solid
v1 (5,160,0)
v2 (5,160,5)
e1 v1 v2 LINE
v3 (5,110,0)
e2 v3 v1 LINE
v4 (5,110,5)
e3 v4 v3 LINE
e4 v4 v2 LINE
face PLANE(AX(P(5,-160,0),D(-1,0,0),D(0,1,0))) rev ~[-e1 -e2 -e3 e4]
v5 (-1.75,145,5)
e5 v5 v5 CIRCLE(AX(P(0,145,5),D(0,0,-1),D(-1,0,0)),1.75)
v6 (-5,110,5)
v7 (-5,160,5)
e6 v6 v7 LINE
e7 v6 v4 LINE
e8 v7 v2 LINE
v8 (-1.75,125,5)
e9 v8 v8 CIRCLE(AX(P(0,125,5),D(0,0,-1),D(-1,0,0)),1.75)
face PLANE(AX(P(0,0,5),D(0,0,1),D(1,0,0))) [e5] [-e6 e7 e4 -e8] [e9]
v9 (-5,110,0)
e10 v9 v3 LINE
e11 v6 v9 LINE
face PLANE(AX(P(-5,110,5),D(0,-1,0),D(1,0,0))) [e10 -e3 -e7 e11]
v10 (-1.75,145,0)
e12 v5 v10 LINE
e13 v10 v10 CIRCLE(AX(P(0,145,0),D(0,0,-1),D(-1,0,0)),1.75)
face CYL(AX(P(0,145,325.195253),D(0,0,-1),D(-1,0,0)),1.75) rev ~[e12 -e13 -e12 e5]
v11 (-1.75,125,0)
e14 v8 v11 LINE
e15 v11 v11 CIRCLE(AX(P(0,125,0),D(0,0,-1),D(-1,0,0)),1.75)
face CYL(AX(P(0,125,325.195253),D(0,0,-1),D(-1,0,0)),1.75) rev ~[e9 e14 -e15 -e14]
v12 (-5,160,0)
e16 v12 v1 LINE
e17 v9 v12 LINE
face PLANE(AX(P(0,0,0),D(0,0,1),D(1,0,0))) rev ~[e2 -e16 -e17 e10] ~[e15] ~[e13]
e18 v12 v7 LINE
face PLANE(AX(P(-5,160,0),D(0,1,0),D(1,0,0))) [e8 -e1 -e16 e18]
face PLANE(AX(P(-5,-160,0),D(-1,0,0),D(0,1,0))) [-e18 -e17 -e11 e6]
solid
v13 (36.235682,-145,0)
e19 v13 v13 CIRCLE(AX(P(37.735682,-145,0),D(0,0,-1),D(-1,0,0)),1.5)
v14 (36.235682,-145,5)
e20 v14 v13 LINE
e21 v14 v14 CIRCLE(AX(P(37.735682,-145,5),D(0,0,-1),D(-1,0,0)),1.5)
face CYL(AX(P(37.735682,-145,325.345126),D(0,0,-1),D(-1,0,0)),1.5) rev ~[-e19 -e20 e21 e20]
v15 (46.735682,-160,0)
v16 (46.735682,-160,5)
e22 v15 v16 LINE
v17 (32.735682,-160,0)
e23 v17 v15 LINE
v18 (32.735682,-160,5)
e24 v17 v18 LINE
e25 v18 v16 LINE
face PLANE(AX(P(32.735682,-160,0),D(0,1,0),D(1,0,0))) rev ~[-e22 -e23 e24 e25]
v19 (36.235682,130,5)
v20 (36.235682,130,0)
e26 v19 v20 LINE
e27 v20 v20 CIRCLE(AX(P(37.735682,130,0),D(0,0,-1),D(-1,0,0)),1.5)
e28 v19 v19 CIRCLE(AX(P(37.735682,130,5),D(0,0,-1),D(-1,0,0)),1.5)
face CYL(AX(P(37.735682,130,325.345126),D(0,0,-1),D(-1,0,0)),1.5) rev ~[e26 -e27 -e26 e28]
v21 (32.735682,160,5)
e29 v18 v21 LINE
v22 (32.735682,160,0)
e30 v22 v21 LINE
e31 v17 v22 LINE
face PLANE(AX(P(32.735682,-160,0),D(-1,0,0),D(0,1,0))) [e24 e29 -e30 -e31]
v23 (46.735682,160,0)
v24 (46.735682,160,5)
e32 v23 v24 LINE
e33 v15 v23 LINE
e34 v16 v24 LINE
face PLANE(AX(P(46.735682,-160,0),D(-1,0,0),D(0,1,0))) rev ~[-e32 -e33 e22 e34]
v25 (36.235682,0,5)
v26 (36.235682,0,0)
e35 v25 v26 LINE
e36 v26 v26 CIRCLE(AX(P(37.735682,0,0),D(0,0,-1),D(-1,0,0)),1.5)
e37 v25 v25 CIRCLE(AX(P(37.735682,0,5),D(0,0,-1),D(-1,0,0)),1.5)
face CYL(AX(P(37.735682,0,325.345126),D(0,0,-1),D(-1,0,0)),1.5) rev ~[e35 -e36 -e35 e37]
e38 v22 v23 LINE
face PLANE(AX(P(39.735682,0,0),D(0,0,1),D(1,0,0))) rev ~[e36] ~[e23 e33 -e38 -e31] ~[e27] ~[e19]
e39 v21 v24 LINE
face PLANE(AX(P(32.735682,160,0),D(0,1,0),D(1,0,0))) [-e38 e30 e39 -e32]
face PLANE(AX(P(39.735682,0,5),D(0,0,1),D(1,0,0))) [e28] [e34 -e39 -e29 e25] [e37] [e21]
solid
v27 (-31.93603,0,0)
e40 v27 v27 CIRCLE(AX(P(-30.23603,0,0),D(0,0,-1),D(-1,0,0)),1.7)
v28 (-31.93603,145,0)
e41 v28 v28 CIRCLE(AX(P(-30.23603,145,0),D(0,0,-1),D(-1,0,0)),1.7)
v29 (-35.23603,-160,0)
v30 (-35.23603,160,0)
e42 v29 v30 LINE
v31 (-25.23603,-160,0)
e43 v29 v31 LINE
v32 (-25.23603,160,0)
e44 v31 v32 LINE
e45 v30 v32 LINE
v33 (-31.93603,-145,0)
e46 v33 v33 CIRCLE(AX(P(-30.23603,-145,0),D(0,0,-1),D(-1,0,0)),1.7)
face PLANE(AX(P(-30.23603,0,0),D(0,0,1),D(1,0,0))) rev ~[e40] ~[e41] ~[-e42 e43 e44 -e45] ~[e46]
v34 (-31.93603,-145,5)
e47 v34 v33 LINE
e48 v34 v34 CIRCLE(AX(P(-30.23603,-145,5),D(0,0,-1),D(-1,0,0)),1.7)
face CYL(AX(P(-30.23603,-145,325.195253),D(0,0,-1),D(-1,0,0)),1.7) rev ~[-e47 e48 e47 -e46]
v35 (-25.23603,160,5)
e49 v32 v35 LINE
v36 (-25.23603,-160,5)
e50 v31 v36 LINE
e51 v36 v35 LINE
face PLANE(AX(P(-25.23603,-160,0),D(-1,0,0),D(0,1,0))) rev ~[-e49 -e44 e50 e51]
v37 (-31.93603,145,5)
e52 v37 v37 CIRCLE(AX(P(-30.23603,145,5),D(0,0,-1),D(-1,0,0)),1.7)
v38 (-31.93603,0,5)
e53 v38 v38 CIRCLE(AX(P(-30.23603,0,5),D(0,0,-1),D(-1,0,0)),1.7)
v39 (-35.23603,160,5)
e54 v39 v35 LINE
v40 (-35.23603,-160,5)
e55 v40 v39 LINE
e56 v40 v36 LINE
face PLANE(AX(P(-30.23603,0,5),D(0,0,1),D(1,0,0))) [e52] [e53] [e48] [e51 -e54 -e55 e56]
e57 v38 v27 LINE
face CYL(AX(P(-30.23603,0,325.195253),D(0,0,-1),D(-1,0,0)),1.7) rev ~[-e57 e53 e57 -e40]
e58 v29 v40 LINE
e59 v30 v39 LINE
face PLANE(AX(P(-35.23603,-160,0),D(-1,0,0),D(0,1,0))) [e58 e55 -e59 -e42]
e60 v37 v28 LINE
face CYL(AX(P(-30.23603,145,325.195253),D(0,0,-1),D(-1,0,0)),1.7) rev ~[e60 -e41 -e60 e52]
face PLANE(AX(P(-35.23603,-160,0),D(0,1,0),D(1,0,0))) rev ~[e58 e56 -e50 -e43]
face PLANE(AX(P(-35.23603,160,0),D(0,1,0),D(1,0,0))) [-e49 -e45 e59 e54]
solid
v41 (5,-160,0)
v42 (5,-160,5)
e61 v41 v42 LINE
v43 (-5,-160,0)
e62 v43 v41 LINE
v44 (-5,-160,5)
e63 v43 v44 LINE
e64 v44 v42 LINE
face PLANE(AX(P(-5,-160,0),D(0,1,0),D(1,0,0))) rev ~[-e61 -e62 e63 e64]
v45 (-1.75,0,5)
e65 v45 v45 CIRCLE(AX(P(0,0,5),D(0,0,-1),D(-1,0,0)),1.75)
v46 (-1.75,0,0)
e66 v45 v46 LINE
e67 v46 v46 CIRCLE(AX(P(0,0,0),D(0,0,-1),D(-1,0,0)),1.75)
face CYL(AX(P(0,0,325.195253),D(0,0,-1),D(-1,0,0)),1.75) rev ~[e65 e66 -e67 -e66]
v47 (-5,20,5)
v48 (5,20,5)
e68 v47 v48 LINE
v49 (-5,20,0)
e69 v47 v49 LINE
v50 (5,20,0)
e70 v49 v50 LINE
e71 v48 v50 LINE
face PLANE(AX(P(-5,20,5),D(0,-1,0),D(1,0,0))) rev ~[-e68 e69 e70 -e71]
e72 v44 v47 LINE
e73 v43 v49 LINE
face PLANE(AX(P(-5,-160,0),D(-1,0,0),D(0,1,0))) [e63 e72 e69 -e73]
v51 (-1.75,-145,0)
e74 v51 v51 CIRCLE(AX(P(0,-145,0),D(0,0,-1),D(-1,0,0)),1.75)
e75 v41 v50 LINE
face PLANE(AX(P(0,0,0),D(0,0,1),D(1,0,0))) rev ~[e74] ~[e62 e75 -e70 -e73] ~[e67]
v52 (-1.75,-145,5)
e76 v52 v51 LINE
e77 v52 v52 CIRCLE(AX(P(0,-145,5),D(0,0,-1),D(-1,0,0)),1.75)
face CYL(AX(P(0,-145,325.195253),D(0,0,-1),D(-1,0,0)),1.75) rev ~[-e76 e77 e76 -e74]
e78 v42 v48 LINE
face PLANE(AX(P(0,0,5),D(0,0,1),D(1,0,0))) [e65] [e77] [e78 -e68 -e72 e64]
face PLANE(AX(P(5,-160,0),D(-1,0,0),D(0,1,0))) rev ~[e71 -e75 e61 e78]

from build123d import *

# Parameters (mm, degrees)
F0_W      = 10
F0_H      = 320
F1_DEPTH  = 5
F3_D      = 3.5
F4_W      = 14
F4_H      = 320
F5_DEPTH  = 5
F7_D      = 3
F8_W      = 10
F8_H      = 90
F9_DEPTH  = 25
F10_W     = 10
F10_H     = 320
F11_DEPTH = 5
F13_D     = 3.4


with BuildPart() as f1:
    # F0 (on Top) → F1 (new body)
    with BuildSketch(Plane.XY):
        Rectangle(F0_W, F0_H)
    extrude(amount=F1_DEPTH)

    # F3 (through all)
    with Locations(Plane.XY.offset(5)):
        with Locations((0, 145), (0, 0), (0, -145), (0, 125)):
            Hole(F3_D / 2)

    # F8 (on face) → F9 (cut)
    with BuildSketch(Plane.XY.offset(5)):
        with Locations((0, 65)):
            Rectangle(F8_W, F8_H)
    extrude(amount=-F9_DEPTH, mode=Mode.SUBTRACT)


with BuildPart() as f5:
    # F4 (on Top) → F5 (new body)
    with BuildSketch(Plane.XY):
        with Locations((39.735682, 0)):
            Rectangle(F4_W, F4_H)
    extrude(amount=F5_DEPTH)

    # F7 (through all)
    with Locations(Plane.XY.offset(5)):
        with Locations((37.735682, 130), (37.735682, 0), (37.735682, -145)):
            Hole(F7_D / 2)


with BuildPart() as f11:
    # F10 (on Top) → F11 (new body)
    with BuildSketch(Plane.XY):
        with Locations((-30.23603, 0)):
            Rectangle(F10_W, F10_H)
    extrude(amount=F11_DEPTH)

    # F13 (through all)
    with Locations(Plane.XY.offset(5)):
        with Locations((-30.23603, 145), (-30.23603, 0), (-30.23603, -145)):
            Hole(F13_D / 2)


solid = Compound([f1.part, f5.part, f11.part])
